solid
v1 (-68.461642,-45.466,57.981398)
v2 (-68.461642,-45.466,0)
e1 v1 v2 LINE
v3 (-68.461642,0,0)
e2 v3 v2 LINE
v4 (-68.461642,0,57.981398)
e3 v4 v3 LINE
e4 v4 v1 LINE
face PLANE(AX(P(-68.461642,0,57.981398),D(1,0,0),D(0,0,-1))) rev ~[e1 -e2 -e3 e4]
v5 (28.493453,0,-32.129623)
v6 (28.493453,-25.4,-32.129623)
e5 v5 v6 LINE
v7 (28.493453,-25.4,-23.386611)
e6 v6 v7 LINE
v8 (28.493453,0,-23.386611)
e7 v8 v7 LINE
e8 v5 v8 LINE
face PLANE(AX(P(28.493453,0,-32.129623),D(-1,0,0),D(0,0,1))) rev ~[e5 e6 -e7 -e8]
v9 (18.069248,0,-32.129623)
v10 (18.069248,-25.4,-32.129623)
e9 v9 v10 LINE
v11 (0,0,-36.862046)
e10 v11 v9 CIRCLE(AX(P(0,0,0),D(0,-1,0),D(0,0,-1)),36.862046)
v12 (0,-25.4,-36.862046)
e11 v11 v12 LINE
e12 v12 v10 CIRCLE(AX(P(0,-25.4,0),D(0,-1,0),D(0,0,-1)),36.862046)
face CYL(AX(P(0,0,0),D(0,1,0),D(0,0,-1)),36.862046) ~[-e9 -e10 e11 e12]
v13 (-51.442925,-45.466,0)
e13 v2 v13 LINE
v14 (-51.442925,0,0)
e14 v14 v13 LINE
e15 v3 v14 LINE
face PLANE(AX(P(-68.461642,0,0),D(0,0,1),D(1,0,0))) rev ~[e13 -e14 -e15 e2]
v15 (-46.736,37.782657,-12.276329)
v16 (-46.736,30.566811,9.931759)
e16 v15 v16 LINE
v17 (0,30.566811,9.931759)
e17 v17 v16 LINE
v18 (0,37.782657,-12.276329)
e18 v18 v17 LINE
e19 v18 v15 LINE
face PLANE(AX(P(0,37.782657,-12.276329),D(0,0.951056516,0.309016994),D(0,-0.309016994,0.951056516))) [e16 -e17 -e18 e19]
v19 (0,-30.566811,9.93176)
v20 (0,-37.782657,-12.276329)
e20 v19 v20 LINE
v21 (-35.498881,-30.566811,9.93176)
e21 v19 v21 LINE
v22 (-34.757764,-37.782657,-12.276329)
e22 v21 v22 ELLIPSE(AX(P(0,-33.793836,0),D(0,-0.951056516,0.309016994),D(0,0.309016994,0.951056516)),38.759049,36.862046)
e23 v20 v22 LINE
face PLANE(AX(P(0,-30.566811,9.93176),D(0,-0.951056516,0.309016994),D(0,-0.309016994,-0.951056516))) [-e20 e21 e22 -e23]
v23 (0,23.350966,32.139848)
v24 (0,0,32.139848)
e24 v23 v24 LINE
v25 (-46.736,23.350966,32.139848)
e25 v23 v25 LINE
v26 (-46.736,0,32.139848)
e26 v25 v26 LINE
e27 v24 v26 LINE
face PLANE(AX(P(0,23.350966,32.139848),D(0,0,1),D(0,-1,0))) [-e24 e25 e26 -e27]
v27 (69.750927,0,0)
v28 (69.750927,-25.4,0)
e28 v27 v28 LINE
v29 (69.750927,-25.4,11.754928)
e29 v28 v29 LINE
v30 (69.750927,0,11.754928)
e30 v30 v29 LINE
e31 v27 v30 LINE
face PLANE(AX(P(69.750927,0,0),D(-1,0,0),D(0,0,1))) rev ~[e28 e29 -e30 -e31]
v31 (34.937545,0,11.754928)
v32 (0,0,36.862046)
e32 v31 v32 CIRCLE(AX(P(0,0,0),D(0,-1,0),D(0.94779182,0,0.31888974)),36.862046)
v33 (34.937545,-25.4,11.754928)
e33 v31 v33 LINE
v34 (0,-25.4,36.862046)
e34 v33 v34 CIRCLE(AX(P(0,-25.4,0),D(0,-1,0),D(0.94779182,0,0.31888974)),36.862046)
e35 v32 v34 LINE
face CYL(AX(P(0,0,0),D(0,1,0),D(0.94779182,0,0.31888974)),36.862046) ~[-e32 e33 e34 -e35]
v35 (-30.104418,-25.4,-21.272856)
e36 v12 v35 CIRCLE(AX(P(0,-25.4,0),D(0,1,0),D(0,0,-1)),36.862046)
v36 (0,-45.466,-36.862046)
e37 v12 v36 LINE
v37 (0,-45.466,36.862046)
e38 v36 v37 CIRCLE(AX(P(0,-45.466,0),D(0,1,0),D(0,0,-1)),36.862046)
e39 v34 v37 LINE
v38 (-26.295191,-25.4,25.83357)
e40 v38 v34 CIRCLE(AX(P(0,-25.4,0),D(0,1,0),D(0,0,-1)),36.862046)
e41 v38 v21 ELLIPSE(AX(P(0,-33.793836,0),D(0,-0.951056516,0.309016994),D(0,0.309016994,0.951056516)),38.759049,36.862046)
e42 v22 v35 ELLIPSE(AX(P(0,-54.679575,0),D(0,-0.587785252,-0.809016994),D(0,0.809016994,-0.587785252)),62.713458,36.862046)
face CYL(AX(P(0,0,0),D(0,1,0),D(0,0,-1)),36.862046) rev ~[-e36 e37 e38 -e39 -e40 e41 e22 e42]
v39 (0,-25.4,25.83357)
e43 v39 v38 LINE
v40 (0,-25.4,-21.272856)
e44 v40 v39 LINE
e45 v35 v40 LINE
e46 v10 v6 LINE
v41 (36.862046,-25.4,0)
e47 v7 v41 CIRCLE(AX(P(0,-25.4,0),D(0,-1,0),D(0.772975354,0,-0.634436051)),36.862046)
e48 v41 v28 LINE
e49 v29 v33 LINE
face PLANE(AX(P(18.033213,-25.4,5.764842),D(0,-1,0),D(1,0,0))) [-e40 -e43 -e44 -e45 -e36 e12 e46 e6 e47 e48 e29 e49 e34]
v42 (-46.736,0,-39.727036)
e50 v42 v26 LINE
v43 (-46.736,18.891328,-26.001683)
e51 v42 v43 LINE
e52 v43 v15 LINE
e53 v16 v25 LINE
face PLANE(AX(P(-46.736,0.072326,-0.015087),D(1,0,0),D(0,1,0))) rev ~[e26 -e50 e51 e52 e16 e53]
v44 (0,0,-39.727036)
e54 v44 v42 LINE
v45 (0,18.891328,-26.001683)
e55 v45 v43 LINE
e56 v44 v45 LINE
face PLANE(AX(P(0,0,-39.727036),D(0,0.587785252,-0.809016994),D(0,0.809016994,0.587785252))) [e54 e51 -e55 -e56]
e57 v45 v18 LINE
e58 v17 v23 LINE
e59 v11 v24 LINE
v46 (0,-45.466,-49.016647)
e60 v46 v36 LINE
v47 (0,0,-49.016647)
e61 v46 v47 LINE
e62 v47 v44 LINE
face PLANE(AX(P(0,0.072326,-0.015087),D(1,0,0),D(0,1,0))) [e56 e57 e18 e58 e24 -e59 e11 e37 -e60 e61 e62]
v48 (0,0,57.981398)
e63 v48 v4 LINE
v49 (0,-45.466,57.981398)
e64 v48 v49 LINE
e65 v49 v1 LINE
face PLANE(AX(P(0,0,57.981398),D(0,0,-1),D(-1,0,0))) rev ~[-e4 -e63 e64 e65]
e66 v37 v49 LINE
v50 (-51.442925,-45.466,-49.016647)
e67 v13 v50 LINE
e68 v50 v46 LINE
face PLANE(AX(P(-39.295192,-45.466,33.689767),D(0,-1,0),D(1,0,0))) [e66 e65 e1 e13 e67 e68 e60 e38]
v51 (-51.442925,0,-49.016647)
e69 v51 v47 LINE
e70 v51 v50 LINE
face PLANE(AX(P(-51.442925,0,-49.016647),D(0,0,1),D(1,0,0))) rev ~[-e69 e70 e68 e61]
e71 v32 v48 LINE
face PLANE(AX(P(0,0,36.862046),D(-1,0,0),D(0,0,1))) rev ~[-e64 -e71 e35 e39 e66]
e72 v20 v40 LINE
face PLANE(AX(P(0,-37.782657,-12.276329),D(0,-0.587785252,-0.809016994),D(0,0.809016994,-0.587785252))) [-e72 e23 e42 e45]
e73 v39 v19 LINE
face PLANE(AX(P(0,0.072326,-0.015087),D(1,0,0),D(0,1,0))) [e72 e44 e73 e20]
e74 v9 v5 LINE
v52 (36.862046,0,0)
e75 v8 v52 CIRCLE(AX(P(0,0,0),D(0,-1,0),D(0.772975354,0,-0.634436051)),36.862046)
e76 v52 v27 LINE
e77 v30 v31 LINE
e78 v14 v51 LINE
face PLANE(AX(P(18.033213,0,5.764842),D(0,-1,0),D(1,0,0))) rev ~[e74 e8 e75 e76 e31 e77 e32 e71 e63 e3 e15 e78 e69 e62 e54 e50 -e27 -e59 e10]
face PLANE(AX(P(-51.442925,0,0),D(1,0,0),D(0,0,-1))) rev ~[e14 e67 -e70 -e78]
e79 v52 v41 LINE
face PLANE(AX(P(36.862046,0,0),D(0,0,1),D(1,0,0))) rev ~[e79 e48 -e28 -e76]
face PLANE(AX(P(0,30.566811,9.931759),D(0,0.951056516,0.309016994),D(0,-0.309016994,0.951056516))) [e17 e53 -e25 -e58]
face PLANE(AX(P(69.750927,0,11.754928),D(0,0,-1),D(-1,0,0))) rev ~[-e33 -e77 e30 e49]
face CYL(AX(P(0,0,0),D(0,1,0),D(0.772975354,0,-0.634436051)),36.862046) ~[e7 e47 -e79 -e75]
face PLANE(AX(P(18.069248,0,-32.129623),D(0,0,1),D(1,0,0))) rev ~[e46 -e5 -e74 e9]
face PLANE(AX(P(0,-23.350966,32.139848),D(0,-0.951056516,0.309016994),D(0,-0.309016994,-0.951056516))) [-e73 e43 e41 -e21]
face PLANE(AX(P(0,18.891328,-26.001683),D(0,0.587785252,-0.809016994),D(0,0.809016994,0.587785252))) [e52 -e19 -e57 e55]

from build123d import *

# Parameters (mm, degrees)
F1_DEPTH = 45.466
F2_DEPTH = 25.4
F4_DEPTH = 46.736


with BuildPart() as f1:
    # F0 (on Front) → F1 (new body)
    with BuildSketch(Plane.XZ):
        with BuildLine():
            ThreePointArc((-36.8620457054, 0), (-26.0654024867, 26.0654024867), (0, 36.8620457054))
            Line((0, 36.8620457054), (0, 57.9813979566))
            Line((0, 57.9813979566), (-68.4616416693, 57.9813979566))
            Line((-68.4616416693, 57.9813979566), (-68.4616416693, 0))
            Line((-68.4616416693, 0), (-51.4429248869, 0))
            Line((-51.4429248869, 0), (-36.8620457054, 0))
        make_face()
        with BuildLine():
            ThreePointArc((0, -36.8620457054), (-26.0654024867, -26.0654024867), (-36.8620457054, 0))
            Line((-36.8620457054, 0), (-51.4429248869, 0))
            Line((-51.4429248869, 0), (-51.4429248869, -49.0166470408))
            Line((-51.4429248869, -49.0166470408), (0, -49.0166470408))
            Line((0, -49.0166470408), (0, -36.8620457054))
        make_face()
    extrude(amount=F1_DEPTH)

    # F0 (on Front) → F2 (join)
    with BuildSketch(Plane.XZ):
        with BuildLine():
            Line((28.4934528172, 0), (36.8620457054, 0))
            ThreePointArc((36.8620457054, 0), (36.3777391302, 5.9557123304), (34.9375453863, 11.7549281567))
            Line((34.9375453863, 11.7549281567), (0, 11.7549281567))
            Line((0, 11.7549281567), (0, 0))
            Line((0, 0), (28.4934528172, 0))
        make_face()
        with BuildLine():
            ThreePointArc((28.4934528172, -23.3866107023), (34.7068968192, -12.4194092761), (36.8620457054, 0))
            Line((36.8620457054, 0), (28.4934528172, 0))
            Line((28.4934528172, 0), (28.4934528172, -23.3866107023))
        make_face()
        with BuildLine():
            ThreePointArc((34.9375453863, 11.7549281567), (36.3777391302, 5.9557123304), (36.8620457054, 0))
            Line((36.8620457054, 0), (69.7509273887, 0))
            Line((69.7509273887, 0), (69.7509273887, 11.7549281567))
            Line((69.7509273887, 11.7549281567), (34.9375453863, 11.7549281567))
        make_face()
        with BuildLine():
            Line((0, 11.7549281567), (34.9375453863, 11.7549281567))
            ThreePointArc((34.9375453863, 11.7549281567), (21.5116214476, 29.9342705988), (0, 36.8620457054))
            Line((0, 36.8620457054), (0, 11.7549281567))
        make_face()
        with BuildLine():
            Line((28.4934528172, -32.1296229959), (28.4934528172, -23.3866107023))
            ThreePointArc((28.4934528172, -23.3866107023), (23.6882112756, -28.2432126387), (18.0692484551, -32.1296229959))
            Line((18.0692484551, -32.1296229959), (28.4934528172, -32.1296229959))
        make_face()
        with BuildLine():
            ThreePointArc((18.0692484551, -32.1296229959), (23.6882112756, -28.2432126387), (28.4934528172, -23.3866107023))
            Line((28.4934528172, -23.3866107023), (28.4934528172, 0))
            Line((28.4934528172, 0), (0, 0))
            Line((0, 0), (0, -32.1296229959))
            Line((0, -32.1296229959), (18.0692484551, -32.1296229959))
        make_face()
        with BuildLine():
            Line((0, 11.7549281567), (0, 36.8620457054))
            ThreePointArc((0, 36.8620457054), (-26.0654024867, 26.0654024867), (-36.8620457054, 0))
            Line((-36.8620457054, 0), (0, 0))
            Line((0, 0), (0, 11.7549281567))
        make_face()
        with BuildLine():
            ThreePointArc((-36.8620457054, 0), (-26.0654024867, 26.0654024867), (0, 36.8620457054))
            Line((0, 36.8620457054), (0, 57.9813979566))
            Line((0, 57.9813979566), (-68.4616416693, 57.9813979566))
            Line((-68.4616416693, 57.9813979566), (-68.4616416693, 0))
            Line((-68.4616416693, 0), (-51.4429248869, 0))
            Line((-51.4429248869, 0), (-36.8620457054, 0))
        make_face()
        with BuildLine():
            ThreePointArc((0, -36.8620457054), (9.3393463962, -35.6593188729), (18.0692484551, -32.1296229959))
            Line((18.0692484551, -32.1296229959), (0, -32.1296229959))
            Line((0, -32.1296229959), (0, -36.8620457054))
        make_face()
        with BuildLine():
            Line((0, -32.1296229959), (0, 0))
            Line((0, 0), (-36.8620457054, 0))
            ThreePointArc((-36.8620457054, 0), (-26.0654024867, -26.0654024867), (0, -36.8620457054))
            Line((0, -36.8620457054), (0, -32.1296229959))
        make_face()
        with BuildLine():
            ThreePointArc((0, -36.8620457054), (-26.0654024867, -26.0654024867), (-36.8620457054, 0))
            Line((-36.8620457054, 0), (-51.4429248869, 0))
            Line((-51.4429248869, 0), (-51.4429248869, -49.0166470408))
            Line((-51.4429248869, -49.0166470408), (0, -49.0166470408))
            Line((0, -49.0166470408), (0, -36.8620457054))
        make_face()
    extrude(amount=F2_DEPTH)

    # F3 (on Right) → F4 (join)
    with BuildSketch(Plane.YZ):
        with BuildLine():
            ThreePointArc((18.8913277671, -26.0016833187), (28.6368136719, -14.5911857958), (32.1398475449, 0))
            ThreePointArc((32.1398475449, 0), (31.7441526763, 5.0277799349), (30.5668113916, 9.9317592377))
            ThreePointArc((30.5668113916, 9.9317592377), (18.8913283341, 26.0016829067), (0, 32.1398475449))
            ThreePointArc((0, 32.1398475449), (-18.8913281553, 26.0016830366), (-30.566811255, 9.9317596581))
            ThreePointArc((-30.566811255, 9.9317596581), (-30.5668114341, -9.9317591071), (-18.8913278804, -26.0016832363))
            ThreePointArc((-18.8913278804, -26.0016832363), (-7e-08, -32.1398475449), (18.8913277671, -26.0016833187))
        make_face()
        with BuildLine():
            ThreePointArc((30.5668113916, 9.9317592377), (31.7441526763, 5.0277799349), (32.1398475449, 0))
            ThreePointArc((32.1398475449, 0), (28.6368136719, -14.5911857958), (18.8913277671, -26.0016833187))
            Line((18.8913277671, -26.0016833187), (37.7826567956, -12.2763293689))
            Line((37.7826567956, -12.2763293689), (30.5668113916, 9.9317592377))
        make_face()
        with BuildLine():
            ThreePointArc((0, 32.1398475449), (18.8913283341, 26.0016829067), (30.5668113916, 9.9317592377))
            Line((30.5668113916, 9.9317592377), (23.350966085, 32.1398475449))
            Line((23.350966085, 32.1398475449), (0, 32.1398475449))
        make_face()
        with BuildLine():
            Line((0, -39.7270363519), (18.8913277671, -26.0016833187))
            ThreePointArc((18.8913277671, -26.0016833187), (-7e-08, -32.1398475449), (-18.8913278804, -26.0016832363))
            Line((-18.8913278804, -26.0016832363), (0, -39.7270363519))
        make_face()
        with BuildLine():
            ThreePointArc((-30.566811255, 9.9317596581), (-18.8913281553, 26.0016830366), (0, 32.1398475449))
            Line((0, 32.1398475449), (-23.350966085, 32.1398475449))
            Line((-23.350966085, 32.1398475449), (-30.566811255, 9.9317596581))
        make_face()
        with BuildLine():
            Line((-37.7826567956, -12.2763293689), (-18.8913278804, -26.0016832363))
            ThreePointArc((-18.8913278804, -26.0016832363), (-30.5668114341, -9.9317591071), (-30.566811255, 9.9317596581))
            Line((-30.566811255, 9.9317596581), (-37.7826567956, -12.2763293689))
        make_face()
    extrude(amount=-F4_DEPTH)


solid = f1.part
